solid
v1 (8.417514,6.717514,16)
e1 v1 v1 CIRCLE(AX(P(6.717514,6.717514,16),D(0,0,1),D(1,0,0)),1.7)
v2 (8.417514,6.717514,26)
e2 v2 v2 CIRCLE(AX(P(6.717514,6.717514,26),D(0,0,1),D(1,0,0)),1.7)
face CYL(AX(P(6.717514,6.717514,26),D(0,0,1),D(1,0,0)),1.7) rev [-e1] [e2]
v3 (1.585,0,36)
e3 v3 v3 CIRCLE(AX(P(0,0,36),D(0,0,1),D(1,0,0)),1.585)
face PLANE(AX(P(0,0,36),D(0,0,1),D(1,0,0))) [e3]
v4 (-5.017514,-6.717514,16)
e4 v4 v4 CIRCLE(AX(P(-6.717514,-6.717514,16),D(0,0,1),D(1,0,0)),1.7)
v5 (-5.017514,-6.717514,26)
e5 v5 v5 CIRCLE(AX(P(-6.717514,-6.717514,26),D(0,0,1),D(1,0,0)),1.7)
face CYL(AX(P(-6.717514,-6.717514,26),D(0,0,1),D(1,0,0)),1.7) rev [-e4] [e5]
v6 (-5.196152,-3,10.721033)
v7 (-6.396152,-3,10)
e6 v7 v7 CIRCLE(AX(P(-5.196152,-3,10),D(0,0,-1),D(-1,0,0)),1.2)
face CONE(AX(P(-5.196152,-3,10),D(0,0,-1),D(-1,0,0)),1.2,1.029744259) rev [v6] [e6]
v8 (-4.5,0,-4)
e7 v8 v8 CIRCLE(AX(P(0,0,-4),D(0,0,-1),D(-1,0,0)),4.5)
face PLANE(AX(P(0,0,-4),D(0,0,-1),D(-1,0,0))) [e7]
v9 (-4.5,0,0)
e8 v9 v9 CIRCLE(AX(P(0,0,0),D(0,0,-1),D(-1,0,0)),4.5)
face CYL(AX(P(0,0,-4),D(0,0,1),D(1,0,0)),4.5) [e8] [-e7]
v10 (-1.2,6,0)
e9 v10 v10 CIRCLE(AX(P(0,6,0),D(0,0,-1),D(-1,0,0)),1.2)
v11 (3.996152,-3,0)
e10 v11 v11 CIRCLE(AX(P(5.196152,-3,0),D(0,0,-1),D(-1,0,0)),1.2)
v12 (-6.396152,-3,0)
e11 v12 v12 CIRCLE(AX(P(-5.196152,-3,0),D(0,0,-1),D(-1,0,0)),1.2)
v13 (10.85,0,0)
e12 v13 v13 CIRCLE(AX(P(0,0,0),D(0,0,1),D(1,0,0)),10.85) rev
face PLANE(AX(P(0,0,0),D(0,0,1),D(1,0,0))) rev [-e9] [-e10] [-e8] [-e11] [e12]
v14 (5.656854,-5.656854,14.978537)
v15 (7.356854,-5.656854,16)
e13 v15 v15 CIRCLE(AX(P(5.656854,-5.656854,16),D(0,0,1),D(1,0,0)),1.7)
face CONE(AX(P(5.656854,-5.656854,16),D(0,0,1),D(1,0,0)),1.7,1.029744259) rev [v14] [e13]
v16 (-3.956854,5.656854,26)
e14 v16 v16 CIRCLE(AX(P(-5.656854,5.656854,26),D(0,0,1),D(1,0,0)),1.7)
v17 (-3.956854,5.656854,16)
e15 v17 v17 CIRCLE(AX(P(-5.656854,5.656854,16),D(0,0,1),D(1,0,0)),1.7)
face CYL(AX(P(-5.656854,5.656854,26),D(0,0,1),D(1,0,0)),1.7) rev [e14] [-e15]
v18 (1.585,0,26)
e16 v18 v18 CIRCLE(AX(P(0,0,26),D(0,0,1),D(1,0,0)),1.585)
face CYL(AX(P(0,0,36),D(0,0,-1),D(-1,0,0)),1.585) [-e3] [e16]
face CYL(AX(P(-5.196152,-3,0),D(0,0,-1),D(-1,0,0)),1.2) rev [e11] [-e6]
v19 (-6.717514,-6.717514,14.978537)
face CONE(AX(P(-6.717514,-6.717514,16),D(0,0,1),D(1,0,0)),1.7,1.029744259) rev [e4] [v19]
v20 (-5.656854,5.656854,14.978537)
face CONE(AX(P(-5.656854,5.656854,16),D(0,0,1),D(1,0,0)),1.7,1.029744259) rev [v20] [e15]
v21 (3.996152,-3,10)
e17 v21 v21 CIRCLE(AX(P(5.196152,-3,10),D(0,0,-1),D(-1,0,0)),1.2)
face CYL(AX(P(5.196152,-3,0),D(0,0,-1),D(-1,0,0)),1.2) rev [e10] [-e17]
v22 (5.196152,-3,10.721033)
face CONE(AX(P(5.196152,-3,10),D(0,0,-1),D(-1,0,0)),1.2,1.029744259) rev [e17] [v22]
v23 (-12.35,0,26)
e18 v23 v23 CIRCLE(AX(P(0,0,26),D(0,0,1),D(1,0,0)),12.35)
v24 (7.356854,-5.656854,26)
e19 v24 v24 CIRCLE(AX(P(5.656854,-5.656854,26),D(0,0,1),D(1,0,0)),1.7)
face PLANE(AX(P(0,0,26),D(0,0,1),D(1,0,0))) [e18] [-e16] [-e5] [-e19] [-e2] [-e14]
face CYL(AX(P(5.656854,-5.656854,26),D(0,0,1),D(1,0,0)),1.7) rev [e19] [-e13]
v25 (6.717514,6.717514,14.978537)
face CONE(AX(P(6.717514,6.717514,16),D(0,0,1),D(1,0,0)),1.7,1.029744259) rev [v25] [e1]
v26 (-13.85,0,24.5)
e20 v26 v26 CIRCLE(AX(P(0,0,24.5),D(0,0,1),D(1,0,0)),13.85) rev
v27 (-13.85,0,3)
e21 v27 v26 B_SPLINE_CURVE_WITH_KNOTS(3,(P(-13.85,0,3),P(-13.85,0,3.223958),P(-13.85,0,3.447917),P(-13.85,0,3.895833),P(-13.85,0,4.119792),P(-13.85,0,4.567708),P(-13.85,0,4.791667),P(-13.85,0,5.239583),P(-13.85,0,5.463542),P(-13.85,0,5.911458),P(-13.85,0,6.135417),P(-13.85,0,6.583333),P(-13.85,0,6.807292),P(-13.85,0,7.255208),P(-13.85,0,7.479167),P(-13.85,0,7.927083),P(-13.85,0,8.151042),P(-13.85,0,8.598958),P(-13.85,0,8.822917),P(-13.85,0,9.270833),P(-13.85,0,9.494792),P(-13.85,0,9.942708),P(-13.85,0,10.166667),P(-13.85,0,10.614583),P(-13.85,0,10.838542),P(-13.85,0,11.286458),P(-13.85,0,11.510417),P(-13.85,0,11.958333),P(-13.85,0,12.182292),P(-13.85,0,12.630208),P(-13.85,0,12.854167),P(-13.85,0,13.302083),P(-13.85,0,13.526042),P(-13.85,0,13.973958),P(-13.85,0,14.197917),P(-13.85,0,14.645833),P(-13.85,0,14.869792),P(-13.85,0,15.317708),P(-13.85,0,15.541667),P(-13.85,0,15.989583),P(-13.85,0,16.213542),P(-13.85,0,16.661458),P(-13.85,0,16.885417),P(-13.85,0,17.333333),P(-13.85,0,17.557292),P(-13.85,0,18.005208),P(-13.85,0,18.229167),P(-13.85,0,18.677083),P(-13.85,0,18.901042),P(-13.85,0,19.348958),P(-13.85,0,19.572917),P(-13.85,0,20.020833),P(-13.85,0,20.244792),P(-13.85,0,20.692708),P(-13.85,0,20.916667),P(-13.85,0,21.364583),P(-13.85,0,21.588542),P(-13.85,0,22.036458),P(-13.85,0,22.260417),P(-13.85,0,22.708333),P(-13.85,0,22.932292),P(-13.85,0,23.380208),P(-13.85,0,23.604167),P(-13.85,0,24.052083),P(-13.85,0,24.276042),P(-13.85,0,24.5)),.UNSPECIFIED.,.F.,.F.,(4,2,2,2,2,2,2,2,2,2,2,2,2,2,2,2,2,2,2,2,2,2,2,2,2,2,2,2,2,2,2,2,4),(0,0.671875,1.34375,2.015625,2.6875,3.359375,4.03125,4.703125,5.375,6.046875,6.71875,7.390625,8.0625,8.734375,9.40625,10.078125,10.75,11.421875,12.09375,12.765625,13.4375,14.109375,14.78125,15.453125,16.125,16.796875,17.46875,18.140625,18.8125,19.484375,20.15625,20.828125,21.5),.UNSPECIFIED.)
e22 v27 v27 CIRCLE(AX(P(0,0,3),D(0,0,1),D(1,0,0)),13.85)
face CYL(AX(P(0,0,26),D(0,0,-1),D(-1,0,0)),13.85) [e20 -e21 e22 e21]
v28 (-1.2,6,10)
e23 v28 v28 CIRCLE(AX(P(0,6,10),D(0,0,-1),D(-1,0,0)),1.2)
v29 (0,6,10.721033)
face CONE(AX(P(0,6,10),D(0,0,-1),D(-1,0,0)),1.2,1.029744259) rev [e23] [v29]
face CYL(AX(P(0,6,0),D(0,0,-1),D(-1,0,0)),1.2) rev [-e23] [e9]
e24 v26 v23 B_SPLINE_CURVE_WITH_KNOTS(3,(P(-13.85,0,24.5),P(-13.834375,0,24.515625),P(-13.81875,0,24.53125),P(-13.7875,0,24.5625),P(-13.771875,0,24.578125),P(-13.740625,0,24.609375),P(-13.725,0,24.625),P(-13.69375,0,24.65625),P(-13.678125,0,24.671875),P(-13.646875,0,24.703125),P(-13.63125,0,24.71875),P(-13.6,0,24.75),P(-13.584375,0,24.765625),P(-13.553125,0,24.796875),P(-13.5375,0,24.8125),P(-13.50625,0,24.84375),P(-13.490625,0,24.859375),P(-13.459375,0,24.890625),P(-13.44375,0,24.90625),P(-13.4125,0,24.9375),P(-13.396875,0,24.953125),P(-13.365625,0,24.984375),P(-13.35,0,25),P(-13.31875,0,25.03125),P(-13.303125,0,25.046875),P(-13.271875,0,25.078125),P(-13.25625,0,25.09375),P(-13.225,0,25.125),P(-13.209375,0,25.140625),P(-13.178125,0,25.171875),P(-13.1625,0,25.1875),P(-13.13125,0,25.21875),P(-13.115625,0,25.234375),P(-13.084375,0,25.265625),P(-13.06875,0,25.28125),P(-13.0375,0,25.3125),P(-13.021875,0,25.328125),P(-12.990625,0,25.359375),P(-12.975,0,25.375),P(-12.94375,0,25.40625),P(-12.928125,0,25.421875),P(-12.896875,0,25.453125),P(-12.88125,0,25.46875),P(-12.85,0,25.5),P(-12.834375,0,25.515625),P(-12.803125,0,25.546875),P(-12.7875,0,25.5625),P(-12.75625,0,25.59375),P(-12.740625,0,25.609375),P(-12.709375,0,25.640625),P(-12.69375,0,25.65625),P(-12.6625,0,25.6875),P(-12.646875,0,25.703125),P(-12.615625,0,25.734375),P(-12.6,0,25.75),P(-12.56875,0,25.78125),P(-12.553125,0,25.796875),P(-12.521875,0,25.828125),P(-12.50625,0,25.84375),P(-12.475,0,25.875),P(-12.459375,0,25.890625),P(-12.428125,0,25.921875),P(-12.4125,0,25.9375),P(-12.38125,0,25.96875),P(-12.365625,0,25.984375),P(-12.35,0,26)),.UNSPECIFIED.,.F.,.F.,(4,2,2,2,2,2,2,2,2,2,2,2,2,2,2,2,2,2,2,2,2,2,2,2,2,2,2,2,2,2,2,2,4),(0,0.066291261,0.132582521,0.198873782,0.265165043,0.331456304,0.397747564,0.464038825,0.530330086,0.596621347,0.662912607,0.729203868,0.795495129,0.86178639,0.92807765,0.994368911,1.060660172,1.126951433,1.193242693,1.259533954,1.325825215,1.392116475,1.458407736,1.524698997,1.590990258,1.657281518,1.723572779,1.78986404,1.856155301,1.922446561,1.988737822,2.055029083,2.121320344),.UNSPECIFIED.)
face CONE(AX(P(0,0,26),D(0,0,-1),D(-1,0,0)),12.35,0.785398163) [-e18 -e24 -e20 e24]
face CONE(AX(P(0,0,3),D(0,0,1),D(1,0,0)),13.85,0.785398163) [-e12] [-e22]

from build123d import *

# Parameters (mm, degrees)
SKETCH1_R                = 13.85
BOSS_EXTRUDE1_DEPTH      = 26
CHAMFER1_SIZE            = 1.5
CHAMFER2_SIZE            = 3
SKETCH2_R                = 4.5
BOSS_EXTRUDE2_DEPTH      = 4
SKETCH3_R                = 1.585
BOSS_EXTRUDE3_DEPTH      = 10
M3_CLEARANCE_HOLE1_D     = 3.4
M3_CLEARANCE_HOLE1_DEPTH = 10
M3_CLEARANCE_HOLE1_TIP   = 1.021463052
M2_CLEARANCE_HOLE1_D     = 2.4
M2_CLEARANCE_HOLE1_DEPTH = 10
M2_CLEARANCE_HOLE1_TIP   = 0.721032743


with BuildPart() as part:
    # Sketch1 → Boss-Extrude1 (new body)
    with BuildSketch(Plane.XY):
        with Locations(Location((0, 0, 0), (0, 0, 180))):
            Circle(SKETCH1_R)
    extrude(amount=BOSS_EXTRUDE1_DEPTH)

    # Chamfer1
    chamfer1_edges = [part.edges().sort_by_distance(p)[0] for p in [
        (13.85, 0, 26),
    ]]
    chamfer(chamfer1_edges, length=CHAMFER1_SIZE)

    # Chamfer2
    chamfer2_edges = [part.edges().sort_by_distance(p)[0] for p in [
        (13.85, 0, 0),
    ]]
    chamfer(chamfer2_edges, length=CHAMFER2_SIZE)

    # Sketch2 → Boss-Extrude2 (add)
    with BuildSketch(Plane(origin=(0, 0, 0), x_dir=(-1, 0, 0), z_dir=(0, 0, -1))):
        Circle(SKETCH2_R)
    extrude(amount=BOSS_EXTRUDE2_DEPTH)

    # Sketch3 → Boss-Extrude3 (add)
    with BuildSketch(Plane.XY.offset(26)):
        Circle(SKETCH3_R)
    extrude(amount=BOSS_EXTRUDE3_DEPTH)

    # M3 Clearance Hole1
    with Locations(Plane.XY.offset(26)):
        with Locations((-5.656854249, 5.656854249), (6.717514421, 6.717514421), (5.656854249, -5.656854249), (-6.717514421, -6.717514421)):
            Hole(M3_CLEARANCE_HOLE1_D / 2, depth=M3_CLEARANCE_HOLE1_DEPTH)
            with Locations((0, 0, -(M3_CLEARANCE_HOLE1_DEPTH + M3_CLEARANCE_HOLE1_TIP / 2))):  # 118° drill point
                Cone(0, M3_CLEARANCE_HOLE1_D / 2, M3_CLEARANCE_HOLE1_TIP, mode=Mode.SUBTRACT)

    # M2 Clearance Hole1
    with Locations(Plane(origin=(0, 0, 0), x_dir=(-1, 0, 0), z_dir=(0, 0, -1))):
        with Locations((0, 6), (5.196152423, -3), (-5.196152423, -3)):
            Hole(M2_CLEARANCE_HOLE1_D / 2, depth=M2_CLEARANCE_HOLE1_DEPTH)
            with Locations((0, 0, -(M2_CLEARANCE_HOLE1_DEPTH + M2_CLEARANCE_HOLE1_TIP / 2))):  # 118° drill point
                Cone(0, M2_CLEARANCE_HOLE1_D / 2, M2_CLEARANCE_HOLE1_TIP, mode=Mode.SUBTRACT)


solid = part.part
